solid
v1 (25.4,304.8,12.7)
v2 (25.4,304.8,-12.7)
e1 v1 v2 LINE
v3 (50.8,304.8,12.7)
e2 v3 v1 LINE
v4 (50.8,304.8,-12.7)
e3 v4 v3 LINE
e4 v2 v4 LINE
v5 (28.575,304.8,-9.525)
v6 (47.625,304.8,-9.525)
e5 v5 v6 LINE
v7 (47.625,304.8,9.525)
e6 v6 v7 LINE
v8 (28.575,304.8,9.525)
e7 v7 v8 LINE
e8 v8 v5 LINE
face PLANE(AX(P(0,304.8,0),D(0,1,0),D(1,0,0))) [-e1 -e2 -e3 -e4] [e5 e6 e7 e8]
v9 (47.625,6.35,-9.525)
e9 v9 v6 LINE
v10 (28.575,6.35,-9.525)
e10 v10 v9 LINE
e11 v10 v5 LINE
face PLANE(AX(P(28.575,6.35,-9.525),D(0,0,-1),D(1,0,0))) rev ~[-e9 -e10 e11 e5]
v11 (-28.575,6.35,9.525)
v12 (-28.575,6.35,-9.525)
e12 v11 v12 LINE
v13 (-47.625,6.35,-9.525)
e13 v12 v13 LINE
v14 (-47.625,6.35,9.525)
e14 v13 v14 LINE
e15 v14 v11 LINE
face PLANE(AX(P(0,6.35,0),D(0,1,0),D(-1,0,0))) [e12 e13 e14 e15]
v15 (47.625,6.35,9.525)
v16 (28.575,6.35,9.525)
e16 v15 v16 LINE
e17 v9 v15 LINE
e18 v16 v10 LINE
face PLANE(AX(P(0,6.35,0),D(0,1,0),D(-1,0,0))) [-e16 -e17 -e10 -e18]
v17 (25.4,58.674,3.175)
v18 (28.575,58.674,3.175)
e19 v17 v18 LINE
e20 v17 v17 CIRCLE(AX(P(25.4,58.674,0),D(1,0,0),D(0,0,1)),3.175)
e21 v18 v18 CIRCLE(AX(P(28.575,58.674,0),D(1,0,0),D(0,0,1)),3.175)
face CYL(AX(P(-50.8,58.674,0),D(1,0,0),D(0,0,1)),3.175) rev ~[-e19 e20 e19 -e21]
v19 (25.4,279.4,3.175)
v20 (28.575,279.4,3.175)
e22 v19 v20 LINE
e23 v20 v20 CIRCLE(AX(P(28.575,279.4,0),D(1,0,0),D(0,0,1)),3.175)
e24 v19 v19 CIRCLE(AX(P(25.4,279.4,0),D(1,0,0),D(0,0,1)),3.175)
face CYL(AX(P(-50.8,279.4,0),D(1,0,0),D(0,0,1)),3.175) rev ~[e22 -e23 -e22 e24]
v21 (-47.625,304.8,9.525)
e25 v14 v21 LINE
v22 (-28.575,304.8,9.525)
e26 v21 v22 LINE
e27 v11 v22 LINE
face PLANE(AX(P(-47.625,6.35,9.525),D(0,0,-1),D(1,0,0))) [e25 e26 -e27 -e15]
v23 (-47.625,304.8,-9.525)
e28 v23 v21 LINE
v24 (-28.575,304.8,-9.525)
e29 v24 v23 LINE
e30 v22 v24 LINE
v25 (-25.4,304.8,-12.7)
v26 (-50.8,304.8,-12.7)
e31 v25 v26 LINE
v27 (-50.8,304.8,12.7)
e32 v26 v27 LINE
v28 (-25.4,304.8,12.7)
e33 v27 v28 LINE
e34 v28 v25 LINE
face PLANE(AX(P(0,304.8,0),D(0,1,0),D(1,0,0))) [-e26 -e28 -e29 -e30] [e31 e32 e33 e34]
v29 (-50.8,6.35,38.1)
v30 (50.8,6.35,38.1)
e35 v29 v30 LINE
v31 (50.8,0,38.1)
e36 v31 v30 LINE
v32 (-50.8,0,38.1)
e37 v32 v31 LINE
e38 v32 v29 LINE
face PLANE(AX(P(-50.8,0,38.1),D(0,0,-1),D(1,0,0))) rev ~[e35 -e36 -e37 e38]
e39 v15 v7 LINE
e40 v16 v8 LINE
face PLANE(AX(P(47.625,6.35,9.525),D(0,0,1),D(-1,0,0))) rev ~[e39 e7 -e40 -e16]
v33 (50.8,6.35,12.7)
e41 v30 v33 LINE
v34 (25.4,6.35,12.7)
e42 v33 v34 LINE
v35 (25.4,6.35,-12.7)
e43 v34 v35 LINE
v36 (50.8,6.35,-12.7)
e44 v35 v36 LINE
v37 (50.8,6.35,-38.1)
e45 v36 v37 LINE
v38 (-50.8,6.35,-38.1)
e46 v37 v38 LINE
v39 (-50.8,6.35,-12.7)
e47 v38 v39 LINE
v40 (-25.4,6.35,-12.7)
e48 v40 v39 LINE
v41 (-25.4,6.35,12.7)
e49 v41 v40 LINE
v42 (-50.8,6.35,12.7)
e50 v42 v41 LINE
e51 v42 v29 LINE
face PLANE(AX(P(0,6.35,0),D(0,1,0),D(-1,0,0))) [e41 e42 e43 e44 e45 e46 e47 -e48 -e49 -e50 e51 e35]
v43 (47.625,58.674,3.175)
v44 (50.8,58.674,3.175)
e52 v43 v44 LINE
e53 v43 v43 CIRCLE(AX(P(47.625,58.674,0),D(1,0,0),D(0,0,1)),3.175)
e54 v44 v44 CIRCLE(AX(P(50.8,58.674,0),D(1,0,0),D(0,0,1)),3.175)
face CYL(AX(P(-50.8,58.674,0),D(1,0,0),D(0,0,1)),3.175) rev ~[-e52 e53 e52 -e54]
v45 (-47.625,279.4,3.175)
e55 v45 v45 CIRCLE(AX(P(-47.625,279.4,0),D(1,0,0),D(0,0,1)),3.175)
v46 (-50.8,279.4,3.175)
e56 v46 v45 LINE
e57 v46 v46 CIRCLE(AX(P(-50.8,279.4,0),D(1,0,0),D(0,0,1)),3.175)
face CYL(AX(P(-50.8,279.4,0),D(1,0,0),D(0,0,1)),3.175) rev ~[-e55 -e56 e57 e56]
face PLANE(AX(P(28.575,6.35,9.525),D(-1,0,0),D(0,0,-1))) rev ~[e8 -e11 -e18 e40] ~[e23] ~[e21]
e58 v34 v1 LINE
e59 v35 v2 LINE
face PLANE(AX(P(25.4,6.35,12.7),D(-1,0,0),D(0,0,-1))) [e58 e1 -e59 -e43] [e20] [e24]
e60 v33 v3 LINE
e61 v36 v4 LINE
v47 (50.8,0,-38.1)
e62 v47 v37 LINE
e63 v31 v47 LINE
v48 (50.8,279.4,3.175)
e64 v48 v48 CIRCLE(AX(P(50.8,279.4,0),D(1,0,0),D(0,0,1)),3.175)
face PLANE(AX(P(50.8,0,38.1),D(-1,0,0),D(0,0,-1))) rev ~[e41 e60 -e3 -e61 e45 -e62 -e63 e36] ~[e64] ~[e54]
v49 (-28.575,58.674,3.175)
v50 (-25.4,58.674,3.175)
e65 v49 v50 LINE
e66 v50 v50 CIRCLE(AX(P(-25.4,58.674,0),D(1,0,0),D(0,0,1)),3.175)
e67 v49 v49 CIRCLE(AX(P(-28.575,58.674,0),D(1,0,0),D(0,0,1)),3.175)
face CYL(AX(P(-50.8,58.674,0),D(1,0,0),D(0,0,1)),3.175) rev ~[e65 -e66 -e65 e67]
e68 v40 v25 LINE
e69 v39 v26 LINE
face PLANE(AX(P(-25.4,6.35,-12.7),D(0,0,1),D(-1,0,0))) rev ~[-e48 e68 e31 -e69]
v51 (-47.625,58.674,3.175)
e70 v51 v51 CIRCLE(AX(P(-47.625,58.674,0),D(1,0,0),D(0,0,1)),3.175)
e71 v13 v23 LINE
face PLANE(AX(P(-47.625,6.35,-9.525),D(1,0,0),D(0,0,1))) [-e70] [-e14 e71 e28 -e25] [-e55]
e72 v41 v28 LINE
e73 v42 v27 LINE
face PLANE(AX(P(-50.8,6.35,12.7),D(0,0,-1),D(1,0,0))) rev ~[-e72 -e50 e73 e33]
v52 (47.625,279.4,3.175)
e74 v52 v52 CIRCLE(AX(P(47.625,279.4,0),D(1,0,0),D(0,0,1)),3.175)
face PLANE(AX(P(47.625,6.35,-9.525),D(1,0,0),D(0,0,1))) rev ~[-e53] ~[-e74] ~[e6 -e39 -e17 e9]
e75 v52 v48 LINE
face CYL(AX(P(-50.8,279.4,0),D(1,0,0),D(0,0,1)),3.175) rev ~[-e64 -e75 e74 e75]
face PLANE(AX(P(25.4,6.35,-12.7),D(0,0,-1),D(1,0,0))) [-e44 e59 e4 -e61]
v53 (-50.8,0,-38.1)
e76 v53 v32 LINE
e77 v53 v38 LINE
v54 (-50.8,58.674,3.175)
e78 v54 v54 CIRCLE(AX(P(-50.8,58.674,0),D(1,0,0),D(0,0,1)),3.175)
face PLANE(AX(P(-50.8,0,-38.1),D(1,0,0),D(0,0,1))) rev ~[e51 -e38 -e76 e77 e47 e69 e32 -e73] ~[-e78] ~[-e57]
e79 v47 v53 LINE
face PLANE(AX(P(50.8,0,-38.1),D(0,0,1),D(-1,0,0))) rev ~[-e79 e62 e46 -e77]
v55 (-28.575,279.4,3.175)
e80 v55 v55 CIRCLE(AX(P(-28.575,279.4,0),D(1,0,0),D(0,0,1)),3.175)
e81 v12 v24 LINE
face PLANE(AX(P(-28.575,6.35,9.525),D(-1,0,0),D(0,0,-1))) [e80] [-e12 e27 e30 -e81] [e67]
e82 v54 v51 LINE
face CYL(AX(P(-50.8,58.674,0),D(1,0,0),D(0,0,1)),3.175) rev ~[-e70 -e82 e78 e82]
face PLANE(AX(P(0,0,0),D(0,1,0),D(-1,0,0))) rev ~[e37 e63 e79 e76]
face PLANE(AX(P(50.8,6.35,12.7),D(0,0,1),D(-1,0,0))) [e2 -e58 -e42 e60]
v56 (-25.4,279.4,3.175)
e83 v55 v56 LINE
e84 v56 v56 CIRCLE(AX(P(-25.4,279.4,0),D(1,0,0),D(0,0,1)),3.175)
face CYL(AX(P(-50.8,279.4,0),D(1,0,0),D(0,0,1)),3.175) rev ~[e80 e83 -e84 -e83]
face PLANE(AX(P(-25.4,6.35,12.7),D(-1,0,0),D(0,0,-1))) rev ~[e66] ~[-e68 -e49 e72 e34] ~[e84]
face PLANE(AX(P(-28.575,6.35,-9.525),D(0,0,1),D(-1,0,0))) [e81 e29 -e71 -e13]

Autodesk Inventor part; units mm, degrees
ref_plane "YZ Plane" through (0, 0, 0) normal (1, 0, 0) x (0, 1, 0)
ref_plane "XZ Plane" through (0, 0, 0) normal (0, 1, 0) x (-1, 0, 0)
ref_plane "XY Plane" through (0, 0, 0) normal (0, 0, 1) x (1, 0, 0)
sketch "Sketch4" plane through (0, 0, 0) normal (0, 1, 0) x (-1, 0, 0)
  line L0 (-50.8, 38.1) -> (-50.8, -38.1)
  line L1 (-50.8, -38.1) -> (50.8, -38.1)
  line L2 (50.8, -38.1) -> (50.8, 38.1)
  line L3 (50.8, 38.1) -> (-50.8, 38.1)
  line L4 (-50.8, 38.1) -> (50.8, -38.1) construction
  line L5 (-50.8, -38.1) -> (50.8, 38.1) construction
  point P0 (0, 0)
  dimension "d14" = 76.2
  dimension "d15" = 101.6
extrude "Extrusion4" add sketch "Sketch4" along normal blind 6.35
sketch "Sketch6" plane through (0, 6.35, 0) normal (0, 1, 0) x (1, 0, 0)
  line L0 (-50.8, 38.1) -> (-50.8, -38.1) construction
  line L1 (-50.8, 0) -> (50.8, 0) construction
  line L2 (50.8, -38.1) -> (50.8, 38.1) construction
  line L3 (-50.8, -12.7) -> (-25.4, -12.7)
  line L4 (-25.4, -12.7) -> (-25.4, 12.7)
  line L5 (-25.4, 12.7) -> (-50.8, 12.7)
  line L6 (-50.8, 12.7) -> (-50.8, -12.7)
  line L7 (-50.8, -12.7) -> (-25.4, 12.7) construction
  line L8 (-25.4, -12.7) -> (-50.8, 12.7) construction
  line L9 (-47.625, -9.525) -> (-28.575, -9.525)
  line L10 (-28.575, -9.525) -> (-28.575, 9.525)
  line L11 (-28.575, 9.525) -> (-47.625, 9.525)
  line L12 (-47.625, 9.525) -> (-47.625, -9.525)
  line L13 (-47.625, -9.525) -> (-28.575, 9.525) construction
  line L14 (-28.575, -9.525) -> (-47.625, 9.525) construction
  line L15 (50.8, 38.1) -> (-50.8, 38.1) construction
  line L16 (0, 38.1) -> (0, -38.1) construction
  line L17 (-50.8, -38.1) -> (50.8, -38.1) construction
  line L18 (50.8, -12.7) -> (25.4, -12.7)
  line L19 (25.4, -12.7) -> (25.4, 12.7)
  line L20 (25.4, 12.7) -> (50.8, 12.7)
  line L21 (50.8, 12.7) -> (50.8, -12.7)
  line L22 (47.625, -9.525) -> (28.575, -9.525)
  line L23 (28.575, -9.525) -> (28.575, 9.525)
  line L24 (28.575, 9.525) -> (47.625, 9.525)
  line L25 (47.625, 9.525) -> (47.625, -9.525)
  point P0 (0, 0)
  point P1 (-38.1, 0)
  dimension "d18" = 25.4
  dimension "d19" = 3.175
extrude "Extrusion5" add sketch "Sketch6" along normal blind 298.45
sketch "Sketch7" plane through (-50.8, 0, -38.1) normal (-1, 0, 0) x (0, 0, 1)
  line L0 (25.4, 304.8) -> (50.8, 304.8) construction
  line L1 (38.1, 304.8) -> (38.1, 0) construction
  point P0 (38.1, 279.4)
  point P1 (38.1, 58.674)
  dimension "d22" = 25.4
  dimension "d24" = 246.126
hole "Hole1" at (-50.8, 279.4, 0) at (-50.8, 58.674, 0) direction (1, 0, 0) diameter 6.35 end through all
equation "\"d14\" = supportLength"
equation "\"d15\" = supportWidth"
equation "\"d16\" = supportFloorThickness"
equation "\"d18\" = supportTubingSize"
equation "\"d19\" = supportWallTubingThickness"
equation "\"d20\" = supportTubingHeight"
equation "\"d22\" = supportAxelDistanceFromTop"
equation "\"d24\" = supportPulleyAxelDistanceFromTop"
equation "\"d25\" = supportAxelDiam"
equation "\"supportHeight\" = 304.8"
equation "\"supportWidth\" = 101.6"
equation "\"supportLength\" = 76.2"
equation "\"supportSideHoleDiam\" = 6.35"
equation "\"supporttTopWidth\" = 25.4"
equation "\"supportSupportWidth\" = 101.6"
equation "\"supportSupportPullyHeight\" = 127"
equation "\"supportWallTubingThickness\" = 3.175"
equation "\"supportFloorThickness\" = 6.35"
equation "\"supportTubingHeight\" = supportHeight - supportFloorThickness"
equation "\"supportTubingSize\" = 25.4"
equation "\"supportAxelDistanceFromTop\" = 25.4"
equation "\"supportPulleyAxelDistanceFromTop\" = 246.126"
equation "\"supportAxelDiam\" = 6.35"
properties part number "catapultArmSupportStructure"
